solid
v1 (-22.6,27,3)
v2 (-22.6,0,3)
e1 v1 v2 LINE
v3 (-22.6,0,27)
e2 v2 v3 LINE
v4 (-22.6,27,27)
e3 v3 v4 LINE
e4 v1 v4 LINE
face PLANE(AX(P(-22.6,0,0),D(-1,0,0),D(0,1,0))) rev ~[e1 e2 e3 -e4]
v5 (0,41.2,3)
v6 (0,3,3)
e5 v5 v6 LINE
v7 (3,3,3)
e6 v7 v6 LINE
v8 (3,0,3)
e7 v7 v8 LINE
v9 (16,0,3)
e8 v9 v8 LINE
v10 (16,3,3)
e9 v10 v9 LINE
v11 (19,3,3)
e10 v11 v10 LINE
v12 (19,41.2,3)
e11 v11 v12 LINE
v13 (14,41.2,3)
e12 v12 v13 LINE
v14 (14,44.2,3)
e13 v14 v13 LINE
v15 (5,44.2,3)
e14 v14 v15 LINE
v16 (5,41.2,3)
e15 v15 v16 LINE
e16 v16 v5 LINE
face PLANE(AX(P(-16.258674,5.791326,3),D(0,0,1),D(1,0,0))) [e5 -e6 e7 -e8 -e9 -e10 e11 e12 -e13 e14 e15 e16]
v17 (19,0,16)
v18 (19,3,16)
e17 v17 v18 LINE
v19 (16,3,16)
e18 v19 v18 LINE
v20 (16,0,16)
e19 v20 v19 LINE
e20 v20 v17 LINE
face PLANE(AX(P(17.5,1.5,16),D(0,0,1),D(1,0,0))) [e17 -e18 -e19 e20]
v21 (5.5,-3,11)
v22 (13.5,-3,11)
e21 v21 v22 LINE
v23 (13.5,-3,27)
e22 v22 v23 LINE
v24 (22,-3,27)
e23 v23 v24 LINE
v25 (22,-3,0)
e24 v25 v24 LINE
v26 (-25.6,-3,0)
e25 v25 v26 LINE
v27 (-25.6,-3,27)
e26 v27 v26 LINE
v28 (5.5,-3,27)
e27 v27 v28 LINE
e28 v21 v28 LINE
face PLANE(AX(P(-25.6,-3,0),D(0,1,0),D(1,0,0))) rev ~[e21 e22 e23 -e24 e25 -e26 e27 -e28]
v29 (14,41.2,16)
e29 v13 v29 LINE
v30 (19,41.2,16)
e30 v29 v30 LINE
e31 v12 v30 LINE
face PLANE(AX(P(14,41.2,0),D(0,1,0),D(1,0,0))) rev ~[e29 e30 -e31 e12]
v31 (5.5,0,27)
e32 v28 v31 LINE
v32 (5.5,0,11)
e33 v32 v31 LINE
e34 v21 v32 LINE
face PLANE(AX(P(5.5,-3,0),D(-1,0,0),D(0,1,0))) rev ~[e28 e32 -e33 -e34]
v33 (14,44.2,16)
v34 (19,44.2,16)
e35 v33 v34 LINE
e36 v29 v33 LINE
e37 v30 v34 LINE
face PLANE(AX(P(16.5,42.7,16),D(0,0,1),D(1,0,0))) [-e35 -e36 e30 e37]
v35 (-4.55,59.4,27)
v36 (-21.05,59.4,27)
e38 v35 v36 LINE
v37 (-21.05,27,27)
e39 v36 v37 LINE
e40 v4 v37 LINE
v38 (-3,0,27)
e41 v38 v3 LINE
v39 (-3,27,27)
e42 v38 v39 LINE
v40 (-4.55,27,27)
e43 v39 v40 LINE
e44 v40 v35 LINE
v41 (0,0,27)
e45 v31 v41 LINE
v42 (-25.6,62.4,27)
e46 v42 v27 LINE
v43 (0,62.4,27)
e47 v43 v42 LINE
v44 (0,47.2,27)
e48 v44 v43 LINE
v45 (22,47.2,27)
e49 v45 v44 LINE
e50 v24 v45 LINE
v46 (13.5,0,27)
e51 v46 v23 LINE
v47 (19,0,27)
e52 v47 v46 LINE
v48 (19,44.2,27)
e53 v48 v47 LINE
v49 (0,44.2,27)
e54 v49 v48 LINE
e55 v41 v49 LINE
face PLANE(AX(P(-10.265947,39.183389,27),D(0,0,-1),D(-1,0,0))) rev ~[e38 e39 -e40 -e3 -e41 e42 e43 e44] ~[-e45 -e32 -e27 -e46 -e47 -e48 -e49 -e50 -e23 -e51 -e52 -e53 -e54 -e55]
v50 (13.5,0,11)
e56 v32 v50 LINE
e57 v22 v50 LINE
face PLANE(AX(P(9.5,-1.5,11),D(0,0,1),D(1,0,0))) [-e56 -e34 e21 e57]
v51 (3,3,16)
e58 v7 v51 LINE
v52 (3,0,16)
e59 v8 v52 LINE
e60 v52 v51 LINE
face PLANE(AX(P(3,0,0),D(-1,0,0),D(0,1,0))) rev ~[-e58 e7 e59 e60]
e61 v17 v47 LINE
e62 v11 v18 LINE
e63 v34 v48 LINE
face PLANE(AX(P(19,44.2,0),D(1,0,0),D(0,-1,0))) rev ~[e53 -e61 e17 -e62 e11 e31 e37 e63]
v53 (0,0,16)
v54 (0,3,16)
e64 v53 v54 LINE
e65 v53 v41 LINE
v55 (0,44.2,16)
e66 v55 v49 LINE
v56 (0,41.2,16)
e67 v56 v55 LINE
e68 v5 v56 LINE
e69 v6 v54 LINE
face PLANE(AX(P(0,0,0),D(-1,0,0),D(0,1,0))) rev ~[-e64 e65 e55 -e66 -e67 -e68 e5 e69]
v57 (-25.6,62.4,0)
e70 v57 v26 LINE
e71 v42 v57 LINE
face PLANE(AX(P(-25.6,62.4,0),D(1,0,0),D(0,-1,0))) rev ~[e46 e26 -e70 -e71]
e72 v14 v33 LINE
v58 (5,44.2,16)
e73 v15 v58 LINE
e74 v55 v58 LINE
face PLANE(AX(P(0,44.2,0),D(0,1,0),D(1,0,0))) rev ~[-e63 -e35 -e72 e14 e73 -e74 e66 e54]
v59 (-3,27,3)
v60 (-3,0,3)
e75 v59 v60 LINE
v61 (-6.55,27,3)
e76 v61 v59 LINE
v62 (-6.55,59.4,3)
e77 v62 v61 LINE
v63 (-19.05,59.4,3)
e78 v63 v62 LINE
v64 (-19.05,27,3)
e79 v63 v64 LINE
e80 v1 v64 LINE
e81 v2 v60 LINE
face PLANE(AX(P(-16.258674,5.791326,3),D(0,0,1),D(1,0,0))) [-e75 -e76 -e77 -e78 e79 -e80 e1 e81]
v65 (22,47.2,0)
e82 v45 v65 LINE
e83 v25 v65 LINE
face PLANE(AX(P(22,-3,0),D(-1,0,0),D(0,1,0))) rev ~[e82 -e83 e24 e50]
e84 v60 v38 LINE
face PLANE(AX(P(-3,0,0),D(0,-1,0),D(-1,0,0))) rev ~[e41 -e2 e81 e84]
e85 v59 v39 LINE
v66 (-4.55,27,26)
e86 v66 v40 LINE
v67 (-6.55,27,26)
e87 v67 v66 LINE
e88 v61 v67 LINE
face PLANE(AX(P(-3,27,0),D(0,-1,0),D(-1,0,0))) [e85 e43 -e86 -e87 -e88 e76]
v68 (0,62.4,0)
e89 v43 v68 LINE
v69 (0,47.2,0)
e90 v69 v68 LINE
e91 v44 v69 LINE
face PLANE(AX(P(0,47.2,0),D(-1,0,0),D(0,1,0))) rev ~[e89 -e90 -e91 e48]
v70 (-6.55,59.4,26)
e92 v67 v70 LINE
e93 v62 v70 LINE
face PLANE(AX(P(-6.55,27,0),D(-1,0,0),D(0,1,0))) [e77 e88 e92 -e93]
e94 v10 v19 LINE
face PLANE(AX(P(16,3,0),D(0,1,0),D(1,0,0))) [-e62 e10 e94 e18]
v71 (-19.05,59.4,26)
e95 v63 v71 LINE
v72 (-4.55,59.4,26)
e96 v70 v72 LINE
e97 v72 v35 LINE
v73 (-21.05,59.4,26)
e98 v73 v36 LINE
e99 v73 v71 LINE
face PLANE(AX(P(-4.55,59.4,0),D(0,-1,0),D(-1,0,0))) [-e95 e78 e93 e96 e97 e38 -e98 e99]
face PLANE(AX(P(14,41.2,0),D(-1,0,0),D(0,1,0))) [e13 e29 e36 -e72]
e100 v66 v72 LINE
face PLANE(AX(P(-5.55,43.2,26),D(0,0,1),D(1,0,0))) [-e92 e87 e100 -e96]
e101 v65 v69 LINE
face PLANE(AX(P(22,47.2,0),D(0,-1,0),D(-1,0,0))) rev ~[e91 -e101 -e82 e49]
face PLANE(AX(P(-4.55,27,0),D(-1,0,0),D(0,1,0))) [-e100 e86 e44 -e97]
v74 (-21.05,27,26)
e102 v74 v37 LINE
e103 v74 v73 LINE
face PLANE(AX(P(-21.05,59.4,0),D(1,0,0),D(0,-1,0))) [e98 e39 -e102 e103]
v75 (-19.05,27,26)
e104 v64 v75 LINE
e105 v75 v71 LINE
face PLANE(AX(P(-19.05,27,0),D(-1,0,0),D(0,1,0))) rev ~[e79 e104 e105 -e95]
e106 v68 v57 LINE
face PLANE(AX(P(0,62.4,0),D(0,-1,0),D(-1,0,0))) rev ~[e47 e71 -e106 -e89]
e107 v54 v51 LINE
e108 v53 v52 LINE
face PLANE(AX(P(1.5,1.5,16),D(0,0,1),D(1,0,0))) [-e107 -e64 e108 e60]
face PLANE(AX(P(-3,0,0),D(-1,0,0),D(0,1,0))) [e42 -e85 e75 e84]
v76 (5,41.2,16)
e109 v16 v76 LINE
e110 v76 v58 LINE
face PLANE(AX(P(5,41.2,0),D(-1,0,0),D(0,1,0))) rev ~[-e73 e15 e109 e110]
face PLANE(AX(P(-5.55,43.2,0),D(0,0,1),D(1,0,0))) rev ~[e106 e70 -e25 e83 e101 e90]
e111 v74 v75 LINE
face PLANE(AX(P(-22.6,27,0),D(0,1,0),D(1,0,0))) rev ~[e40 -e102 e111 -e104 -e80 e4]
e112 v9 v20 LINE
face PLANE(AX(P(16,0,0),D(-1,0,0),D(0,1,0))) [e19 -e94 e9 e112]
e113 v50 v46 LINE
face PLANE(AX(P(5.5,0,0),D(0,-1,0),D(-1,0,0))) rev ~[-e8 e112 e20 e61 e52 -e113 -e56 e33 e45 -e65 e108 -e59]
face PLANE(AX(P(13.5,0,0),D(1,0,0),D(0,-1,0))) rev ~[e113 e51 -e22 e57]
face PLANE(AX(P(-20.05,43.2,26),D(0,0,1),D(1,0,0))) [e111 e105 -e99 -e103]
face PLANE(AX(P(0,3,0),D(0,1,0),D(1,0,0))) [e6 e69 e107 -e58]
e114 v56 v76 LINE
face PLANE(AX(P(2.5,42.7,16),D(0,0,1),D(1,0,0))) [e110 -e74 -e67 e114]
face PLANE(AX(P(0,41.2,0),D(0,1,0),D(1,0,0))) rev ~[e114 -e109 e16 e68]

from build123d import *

# Parameters (mm, degrees)
BOSS_EXTRUDE1_DEPTH = 3
BOSS_EXTRUDE2_DEPTH = 27
SKETCH1_4_W         = 3
SKETCH1_4_H         = 3
SKETCH1_4_W_2       = 5
BOSS_EXTRUDE3_DEPTH = 16
SKETCH1_5_W         = 8
SKETCH1_5_H         = 3
BOSS_EXTRUDE4_DEPTH = 11
SKETCH1_6_W         = 2
SKETCH1_6_H         = 32.4
BOSS_EXTRUDE5_DEPTH = 26


with BuildPart() as part:
    # Sketch1 → Boss-Extrude1 (new body)
    with BuildSketch(Plane.XY):
        Polygon((-25.6, -3), (22, -3), (22, 47.2), (0, 47.2), (0, 62.4), (-25.6, 62.4), align=None)
    extrude(amount=BOSS_EXTRUDE1_DEPTH)

    # Sketch1<3> → Boss-Extrude2 (add)
    with BuildSketch(Plane.XY):
        Polygon((-25.6, -3), (5.5, -3), (5.5, 0), (0, 0), (0, 44.2), (19, 44.2), (19, 0), (13.5, 0), (13.5, -3), (22, -3), (22, 47.2), (0, 47.2), (0, 62.4), (-25.6, 62.4), align=None)
        Polygon((-3, 27), (-3, 0), (-22.6, 0), (-22.6, 27), (-21.05, 27), (-21.05, 59.4), (-4.55, 59.4), (-4.55, 27), align=None, mode=Mode.SUBTRACT)
    extrude(amount=BOSS_EXTRUDE2_DEPTH)

    # Sketch1<4> → Boss-Extrude3 (add)
    with BuildSketch(Plane.XY):
        with Locations((1.5, 1.5)):
            Rectangle(SKETCH1_4_W, SKETCH1_4_H)
        with Locations((2.5, 42.7)):
            Rectangle(SKETCH1_4_W_2, SKETCH1_4_H)
        with Locations((17.5, 1.5)):
            Rectangle(SKETCH1_4_W, SKETCH1_4_H)
        with Locations((16.5, 42.7)):
            Rectangle(SKETCH1_4_W_2, SKETCH1_4_H)
    extrude(amount=BOSS_EXTRUDE3_DEPTH)

    # Sketch1<5> → Boss-Extrude4 (add)
    with BuildSketch(Plane.XY):
        with Locations((9.5, -1.5)):
            Rectangle(SKETCH1_5_W, SKETCH1_5_H)
    extrude(amount=BOSS_EXTRUDE4_DEPTH)

    # Sketch1<6> → Boss-Extrude5 (add)
    with BuildSketch(Plane.XY):
        with Locations((-5.55, 43.2)):
            Rectangle(SKETCH1_6_W, SKETCH1_6_H)
        with Locations((-20.05, 43.2)):
            Rectangle(SKETCH1_6_W, SKETCH1_6_H)
    extrude(amount=BOSS_EXTRUDE5_DEPTH)


solid = part.part
